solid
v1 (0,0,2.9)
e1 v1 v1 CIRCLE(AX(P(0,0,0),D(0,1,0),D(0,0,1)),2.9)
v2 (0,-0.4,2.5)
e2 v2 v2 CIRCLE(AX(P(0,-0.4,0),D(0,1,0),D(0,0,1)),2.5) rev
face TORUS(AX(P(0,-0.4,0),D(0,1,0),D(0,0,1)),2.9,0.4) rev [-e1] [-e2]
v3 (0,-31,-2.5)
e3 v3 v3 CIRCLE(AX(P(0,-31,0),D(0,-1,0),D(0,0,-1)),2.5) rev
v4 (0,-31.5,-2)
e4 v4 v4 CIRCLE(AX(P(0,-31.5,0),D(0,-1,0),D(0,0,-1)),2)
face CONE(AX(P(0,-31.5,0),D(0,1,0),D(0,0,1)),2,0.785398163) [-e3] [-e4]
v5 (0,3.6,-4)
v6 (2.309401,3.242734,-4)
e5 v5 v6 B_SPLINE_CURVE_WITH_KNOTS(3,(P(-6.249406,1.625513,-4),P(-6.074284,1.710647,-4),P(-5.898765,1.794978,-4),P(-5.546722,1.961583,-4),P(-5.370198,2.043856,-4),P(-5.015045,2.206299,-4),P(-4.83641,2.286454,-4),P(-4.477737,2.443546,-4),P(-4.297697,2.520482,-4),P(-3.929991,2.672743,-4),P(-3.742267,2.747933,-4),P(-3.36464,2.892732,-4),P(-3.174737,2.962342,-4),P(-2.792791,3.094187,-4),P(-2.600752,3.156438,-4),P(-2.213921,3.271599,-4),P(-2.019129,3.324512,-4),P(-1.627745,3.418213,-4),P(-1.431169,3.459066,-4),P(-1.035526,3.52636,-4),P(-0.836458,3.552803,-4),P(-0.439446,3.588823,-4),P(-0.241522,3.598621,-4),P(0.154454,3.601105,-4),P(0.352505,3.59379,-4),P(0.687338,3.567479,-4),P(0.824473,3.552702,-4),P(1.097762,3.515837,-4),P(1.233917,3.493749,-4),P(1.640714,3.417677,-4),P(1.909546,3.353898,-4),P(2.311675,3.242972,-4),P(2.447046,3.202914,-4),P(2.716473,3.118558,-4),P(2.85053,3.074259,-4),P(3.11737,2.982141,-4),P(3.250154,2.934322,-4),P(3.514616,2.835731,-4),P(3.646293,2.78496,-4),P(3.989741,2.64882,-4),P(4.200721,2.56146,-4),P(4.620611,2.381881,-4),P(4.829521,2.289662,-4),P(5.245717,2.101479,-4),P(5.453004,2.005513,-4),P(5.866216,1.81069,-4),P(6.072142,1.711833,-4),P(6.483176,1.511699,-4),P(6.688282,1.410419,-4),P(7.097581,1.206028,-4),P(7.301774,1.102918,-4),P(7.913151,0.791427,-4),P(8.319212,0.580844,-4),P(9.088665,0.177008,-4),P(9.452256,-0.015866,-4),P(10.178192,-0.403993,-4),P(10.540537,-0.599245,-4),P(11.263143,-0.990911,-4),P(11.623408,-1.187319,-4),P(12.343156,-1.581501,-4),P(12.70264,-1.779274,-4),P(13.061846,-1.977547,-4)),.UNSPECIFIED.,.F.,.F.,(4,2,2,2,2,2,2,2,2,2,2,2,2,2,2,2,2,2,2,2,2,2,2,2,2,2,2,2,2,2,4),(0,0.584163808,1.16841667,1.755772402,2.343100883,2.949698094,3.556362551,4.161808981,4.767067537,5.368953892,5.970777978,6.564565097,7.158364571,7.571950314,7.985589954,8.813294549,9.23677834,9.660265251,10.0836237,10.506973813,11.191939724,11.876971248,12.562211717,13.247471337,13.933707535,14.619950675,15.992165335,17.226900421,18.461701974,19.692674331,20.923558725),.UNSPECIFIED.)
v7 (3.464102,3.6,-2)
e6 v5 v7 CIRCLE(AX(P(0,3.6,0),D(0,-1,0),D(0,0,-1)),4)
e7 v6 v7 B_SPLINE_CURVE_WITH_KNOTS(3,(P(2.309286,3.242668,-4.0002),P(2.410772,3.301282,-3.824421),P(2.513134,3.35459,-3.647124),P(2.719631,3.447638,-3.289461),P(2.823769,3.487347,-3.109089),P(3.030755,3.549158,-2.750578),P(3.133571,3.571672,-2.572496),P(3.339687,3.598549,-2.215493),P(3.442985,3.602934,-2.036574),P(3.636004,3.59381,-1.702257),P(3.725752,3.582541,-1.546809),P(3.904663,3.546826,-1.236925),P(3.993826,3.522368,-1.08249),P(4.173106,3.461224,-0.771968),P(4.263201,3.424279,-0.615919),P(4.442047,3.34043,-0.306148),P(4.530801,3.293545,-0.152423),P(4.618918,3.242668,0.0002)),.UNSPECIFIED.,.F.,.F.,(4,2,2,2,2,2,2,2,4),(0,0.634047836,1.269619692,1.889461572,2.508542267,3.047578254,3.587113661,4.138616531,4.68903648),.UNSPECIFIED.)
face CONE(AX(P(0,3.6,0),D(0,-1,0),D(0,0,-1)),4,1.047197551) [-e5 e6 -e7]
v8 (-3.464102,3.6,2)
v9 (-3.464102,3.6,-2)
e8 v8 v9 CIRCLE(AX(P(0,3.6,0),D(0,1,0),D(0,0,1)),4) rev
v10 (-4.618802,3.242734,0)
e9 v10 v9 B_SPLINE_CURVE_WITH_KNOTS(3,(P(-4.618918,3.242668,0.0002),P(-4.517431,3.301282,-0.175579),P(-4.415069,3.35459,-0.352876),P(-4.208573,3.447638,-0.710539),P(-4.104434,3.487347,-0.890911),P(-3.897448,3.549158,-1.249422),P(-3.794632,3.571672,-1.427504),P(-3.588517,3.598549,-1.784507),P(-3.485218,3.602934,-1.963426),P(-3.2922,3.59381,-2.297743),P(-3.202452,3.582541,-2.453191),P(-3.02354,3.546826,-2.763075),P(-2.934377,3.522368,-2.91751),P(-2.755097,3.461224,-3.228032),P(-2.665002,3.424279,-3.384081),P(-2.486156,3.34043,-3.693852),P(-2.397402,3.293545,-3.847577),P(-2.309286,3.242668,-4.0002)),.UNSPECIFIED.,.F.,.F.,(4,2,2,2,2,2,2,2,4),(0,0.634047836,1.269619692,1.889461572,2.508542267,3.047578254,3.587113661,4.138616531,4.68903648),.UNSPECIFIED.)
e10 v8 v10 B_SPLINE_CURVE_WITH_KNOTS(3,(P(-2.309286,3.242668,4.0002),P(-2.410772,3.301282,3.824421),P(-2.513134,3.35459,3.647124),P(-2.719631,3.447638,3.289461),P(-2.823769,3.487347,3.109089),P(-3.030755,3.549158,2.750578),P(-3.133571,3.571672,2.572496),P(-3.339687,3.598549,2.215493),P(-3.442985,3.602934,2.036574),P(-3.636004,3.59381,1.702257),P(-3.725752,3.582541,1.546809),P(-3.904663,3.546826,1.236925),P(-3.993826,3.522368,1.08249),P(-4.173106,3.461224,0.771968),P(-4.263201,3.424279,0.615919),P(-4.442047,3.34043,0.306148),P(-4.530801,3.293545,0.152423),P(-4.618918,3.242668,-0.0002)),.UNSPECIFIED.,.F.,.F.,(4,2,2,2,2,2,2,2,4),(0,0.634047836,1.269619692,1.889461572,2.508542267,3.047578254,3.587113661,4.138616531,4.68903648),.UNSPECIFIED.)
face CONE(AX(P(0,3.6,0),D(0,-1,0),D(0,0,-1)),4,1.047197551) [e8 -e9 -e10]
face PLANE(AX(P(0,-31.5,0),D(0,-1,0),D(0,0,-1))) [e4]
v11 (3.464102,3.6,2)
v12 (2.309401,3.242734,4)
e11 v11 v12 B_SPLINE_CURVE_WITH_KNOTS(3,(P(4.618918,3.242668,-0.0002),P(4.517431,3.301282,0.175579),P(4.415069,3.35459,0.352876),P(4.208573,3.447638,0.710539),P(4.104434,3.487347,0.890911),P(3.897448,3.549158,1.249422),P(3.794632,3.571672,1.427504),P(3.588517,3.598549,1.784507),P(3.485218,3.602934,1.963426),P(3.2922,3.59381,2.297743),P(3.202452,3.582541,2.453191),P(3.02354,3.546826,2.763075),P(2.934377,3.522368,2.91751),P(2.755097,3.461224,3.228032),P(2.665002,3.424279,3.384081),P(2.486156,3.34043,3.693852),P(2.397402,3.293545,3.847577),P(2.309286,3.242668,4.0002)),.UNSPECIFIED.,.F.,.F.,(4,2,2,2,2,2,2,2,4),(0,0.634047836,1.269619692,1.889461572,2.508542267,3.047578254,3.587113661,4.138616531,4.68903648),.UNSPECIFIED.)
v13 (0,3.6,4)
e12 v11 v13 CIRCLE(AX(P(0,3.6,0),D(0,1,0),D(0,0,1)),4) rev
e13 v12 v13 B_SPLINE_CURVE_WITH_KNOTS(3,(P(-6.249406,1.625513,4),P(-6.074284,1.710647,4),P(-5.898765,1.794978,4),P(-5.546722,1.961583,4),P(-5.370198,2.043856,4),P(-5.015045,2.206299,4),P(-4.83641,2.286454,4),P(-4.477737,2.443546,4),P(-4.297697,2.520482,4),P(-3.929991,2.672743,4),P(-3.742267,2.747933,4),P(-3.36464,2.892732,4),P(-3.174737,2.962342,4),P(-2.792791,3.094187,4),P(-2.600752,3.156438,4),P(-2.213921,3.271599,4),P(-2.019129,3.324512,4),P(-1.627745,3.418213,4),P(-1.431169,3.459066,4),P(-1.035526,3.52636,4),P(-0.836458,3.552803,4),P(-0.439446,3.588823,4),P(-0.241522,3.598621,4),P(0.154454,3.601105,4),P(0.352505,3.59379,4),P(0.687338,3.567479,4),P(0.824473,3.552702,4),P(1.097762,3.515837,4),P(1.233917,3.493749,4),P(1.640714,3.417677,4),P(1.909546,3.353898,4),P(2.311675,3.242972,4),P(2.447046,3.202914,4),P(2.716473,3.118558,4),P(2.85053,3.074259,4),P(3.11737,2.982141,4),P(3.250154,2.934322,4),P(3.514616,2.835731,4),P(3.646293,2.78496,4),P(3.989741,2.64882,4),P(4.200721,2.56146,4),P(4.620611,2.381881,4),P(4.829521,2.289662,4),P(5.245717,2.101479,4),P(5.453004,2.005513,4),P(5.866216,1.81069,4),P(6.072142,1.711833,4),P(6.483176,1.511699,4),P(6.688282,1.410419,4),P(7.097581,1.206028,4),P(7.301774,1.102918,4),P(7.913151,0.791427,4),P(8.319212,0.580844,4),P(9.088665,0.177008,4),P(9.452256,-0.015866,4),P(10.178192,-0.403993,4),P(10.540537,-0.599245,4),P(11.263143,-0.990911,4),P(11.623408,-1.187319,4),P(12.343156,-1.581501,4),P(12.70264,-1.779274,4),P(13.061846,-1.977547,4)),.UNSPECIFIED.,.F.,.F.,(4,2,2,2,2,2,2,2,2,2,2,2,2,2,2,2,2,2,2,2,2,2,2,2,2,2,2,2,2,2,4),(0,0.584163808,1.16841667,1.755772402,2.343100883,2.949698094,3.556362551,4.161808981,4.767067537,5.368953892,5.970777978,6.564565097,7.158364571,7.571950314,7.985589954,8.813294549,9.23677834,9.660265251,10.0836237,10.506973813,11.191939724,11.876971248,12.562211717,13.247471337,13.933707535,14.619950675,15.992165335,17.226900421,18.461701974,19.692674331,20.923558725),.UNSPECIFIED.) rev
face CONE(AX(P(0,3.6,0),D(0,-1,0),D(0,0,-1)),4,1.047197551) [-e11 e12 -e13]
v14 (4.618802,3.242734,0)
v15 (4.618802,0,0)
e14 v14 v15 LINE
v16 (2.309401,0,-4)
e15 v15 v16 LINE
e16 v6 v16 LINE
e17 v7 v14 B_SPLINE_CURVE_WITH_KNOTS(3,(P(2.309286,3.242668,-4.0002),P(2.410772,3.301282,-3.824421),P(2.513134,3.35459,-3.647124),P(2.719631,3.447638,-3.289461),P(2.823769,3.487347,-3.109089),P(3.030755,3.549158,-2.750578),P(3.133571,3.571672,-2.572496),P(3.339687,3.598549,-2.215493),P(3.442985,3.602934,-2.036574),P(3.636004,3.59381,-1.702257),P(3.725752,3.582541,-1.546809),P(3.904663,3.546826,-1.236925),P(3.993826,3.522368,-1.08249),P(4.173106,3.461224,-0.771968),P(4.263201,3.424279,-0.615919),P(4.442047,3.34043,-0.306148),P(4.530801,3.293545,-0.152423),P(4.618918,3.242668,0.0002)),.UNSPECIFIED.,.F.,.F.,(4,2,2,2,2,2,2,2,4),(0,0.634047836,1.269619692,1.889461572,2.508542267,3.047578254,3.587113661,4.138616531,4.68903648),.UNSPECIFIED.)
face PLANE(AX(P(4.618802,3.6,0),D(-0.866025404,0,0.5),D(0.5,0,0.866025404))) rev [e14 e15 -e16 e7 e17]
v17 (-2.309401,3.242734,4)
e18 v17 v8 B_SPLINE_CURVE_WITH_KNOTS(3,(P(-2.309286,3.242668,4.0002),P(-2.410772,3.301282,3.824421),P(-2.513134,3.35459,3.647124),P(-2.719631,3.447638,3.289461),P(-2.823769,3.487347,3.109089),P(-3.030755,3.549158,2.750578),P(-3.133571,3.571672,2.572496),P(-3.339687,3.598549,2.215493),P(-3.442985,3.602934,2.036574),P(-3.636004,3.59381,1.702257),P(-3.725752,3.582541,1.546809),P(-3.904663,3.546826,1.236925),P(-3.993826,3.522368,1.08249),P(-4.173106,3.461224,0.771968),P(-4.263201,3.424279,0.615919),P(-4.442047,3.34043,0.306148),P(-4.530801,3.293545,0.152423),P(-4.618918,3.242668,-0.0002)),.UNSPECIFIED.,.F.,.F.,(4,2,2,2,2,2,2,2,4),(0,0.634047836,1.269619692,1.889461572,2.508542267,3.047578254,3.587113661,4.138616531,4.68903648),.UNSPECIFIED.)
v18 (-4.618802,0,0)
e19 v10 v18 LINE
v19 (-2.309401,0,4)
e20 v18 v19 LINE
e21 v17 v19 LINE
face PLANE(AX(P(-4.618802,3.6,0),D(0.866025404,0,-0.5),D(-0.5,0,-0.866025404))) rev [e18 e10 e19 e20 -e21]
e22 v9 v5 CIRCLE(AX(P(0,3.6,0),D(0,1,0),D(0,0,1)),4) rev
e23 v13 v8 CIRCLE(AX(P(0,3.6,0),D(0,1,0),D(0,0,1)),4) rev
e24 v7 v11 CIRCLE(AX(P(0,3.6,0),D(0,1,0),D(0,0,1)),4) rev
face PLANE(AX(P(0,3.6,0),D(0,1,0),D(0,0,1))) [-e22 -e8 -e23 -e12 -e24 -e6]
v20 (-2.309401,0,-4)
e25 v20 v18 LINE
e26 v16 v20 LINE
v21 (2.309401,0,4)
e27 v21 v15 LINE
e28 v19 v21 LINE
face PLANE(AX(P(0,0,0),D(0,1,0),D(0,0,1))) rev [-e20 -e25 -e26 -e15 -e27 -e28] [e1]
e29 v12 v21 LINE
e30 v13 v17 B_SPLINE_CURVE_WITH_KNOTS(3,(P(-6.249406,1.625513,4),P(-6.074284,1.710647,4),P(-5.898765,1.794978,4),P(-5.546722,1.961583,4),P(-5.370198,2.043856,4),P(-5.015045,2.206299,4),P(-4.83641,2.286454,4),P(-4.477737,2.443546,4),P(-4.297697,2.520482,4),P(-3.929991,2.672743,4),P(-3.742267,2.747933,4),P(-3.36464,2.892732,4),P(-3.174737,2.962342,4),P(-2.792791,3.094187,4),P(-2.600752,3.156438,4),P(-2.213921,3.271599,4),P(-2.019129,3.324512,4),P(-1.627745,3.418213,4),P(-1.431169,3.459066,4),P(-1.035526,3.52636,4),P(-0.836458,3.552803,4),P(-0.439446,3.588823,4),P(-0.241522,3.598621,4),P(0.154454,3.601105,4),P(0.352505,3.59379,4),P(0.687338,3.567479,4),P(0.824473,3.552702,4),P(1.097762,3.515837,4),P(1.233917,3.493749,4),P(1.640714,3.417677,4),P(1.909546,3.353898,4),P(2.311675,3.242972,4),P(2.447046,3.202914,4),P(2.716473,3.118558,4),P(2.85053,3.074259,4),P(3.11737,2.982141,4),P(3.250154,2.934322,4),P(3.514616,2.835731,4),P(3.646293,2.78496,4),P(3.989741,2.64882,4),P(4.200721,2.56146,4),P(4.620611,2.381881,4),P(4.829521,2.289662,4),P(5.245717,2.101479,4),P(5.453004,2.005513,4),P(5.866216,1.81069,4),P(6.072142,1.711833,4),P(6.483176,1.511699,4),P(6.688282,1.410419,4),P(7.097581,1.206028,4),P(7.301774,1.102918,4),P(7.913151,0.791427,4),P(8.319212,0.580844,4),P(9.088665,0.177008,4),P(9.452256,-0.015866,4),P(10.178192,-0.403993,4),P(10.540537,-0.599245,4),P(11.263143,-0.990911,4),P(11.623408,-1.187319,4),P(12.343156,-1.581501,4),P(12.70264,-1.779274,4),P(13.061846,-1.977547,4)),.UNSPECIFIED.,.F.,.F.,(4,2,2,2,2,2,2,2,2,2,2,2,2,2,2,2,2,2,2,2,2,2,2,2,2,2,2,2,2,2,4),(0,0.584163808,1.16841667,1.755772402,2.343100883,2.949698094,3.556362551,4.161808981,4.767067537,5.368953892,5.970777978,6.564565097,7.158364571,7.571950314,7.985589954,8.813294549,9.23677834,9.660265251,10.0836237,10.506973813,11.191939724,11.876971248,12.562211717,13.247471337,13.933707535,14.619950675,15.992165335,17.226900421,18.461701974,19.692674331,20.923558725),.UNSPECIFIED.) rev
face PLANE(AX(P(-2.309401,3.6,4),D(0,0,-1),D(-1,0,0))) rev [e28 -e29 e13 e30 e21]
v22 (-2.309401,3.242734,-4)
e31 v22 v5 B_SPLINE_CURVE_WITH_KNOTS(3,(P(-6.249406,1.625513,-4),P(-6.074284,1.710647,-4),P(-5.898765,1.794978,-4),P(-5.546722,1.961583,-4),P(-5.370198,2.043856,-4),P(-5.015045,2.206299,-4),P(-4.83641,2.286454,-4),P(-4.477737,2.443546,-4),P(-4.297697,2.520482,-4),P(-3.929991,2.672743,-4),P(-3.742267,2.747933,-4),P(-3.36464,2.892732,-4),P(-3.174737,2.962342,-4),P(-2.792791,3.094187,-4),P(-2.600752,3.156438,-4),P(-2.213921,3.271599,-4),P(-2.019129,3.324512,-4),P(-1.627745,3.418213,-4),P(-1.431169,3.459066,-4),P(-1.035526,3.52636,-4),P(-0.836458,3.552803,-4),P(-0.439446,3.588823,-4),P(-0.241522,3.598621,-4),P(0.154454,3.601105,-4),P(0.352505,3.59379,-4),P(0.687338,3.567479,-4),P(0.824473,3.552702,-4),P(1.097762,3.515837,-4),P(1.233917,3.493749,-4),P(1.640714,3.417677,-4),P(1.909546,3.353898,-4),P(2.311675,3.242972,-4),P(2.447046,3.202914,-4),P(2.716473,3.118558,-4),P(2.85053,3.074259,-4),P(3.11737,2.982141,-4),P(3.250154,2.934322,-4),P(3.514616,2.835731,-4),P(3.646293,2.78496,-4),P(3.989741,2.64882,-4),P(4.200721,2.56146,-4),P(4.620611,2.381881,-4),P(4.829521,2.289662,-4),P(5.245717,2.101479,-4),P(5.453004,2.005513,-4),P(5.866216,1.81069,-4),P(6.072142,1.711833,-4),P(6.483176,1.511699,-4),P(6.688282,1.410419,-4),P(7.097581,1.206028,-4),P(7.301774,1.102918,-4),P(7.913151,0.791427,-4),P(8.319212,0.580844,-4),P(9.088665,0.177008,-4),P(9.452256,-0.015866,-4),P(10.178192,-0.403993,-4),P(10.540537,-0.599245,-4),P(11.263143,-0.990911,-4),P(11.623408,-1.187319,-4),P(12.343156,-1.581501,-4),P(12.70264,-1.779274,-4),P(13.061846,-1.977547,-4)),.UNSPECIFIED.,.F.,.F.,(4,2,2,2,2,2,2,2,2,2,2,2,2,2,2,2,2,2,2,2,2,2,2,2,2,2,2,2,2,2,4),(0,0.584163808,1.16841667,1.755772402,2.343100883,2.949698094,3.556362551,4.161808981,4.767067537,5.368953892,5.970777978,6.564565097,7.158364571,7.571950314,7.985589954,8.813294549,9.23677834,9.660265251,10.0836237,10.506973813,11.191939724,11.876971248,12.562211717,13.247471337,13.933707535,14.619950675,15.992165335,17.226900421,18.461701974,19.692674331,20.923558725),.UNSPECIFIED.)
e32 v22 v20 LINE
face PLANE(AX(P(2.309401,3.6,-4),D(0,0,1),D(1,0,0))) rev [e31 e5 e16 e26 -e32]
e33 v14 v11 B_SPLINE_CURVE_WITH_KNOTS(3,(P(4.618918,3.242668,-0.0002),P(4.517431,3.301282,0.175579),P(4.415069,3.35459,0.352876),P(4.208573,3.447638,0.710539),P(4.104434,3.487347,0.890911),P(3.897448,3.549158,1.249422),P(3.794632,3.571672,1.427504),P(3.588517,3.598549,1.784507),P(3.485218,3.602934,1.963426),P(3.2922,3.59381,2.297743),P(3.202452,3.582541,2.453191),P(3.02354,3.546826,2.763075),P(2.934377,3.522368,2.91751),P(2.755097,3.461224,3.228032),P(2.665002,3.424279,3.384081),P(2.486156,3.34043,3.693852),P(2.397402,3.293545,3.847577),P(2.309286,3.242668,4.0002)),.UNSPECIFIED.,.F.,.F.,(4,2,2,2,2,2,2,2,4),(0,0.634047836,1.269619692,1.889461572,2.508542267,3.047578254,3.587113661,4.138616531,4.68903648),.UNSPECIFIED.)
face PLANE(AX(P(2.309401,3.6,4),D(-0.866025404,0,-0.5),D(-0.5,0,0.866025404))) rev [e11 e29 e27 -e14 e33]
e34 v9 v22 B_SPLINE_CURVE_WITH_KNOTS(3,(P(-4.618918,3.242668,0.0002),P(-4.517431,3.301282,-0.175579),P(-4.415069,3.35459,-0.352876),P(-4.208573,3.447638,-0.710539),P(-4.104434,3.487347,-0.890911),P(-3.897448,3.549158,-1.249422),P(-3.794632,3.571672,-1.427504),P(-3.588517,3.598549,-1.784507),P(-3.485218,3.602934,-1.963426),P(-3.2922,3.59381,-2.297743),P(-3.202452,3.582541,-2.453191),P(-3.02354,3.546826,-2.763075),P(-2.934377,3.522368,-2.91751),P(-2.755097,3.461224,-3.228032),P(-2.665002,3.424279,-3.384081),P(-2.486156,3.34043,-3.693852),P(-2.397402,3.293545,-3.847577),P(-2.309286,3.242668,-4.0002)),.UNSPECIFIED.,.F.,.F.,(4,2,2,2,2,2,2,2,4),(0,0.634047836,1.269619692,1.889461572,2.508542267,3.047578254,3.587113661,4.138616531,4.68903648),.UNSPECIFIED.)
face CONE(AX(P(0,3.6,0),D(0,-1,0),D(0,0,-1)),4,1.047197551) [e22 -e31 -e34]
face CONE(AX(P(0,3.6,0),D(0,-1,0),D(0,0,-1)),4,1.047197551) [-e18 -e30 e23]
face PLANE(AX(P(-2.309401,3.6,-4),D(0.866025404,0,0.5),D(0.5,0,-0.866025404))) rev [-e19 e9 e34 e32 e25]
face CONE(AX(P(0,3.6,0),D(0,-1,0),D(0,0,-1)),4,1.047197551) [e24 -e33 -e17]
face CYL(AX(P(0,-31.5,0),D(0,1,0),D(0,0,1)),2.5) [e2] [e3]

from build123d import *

# Parameters (mm, degrees)
BOSS_EXTRUDE1_DEPTH = 3.6
SKETCH3_R           = 2.5
BOSS_EXTRUDE2_DEPTH = 31.5
CHAMFER1_SIZE       = 0.5
FILLET1_R           = 0.4


with BuildPart() as part:
    # Sketch1 → Boss-Extrude1 (new body)
    with BuildSketch(Plane(origin=(0, 0, 0), x_dir=(1, 0, 0), z_dir=(0, 1, 0))):
        Polygon((-2.309401077, -4), (2.309401077, -4), (4.618802154, 0), (2.309401077, 4), (-2.309401077, 4), (-4.618802154, 0), align=None)
    extrude(amount=BOSS_EXTRUDE1_DEPTH)

    # Sketch2 → Cut-Revolve1 (revolve, cut)
    with BuildSketch(Plane(origin=(0, 0, 0), x_dir=(0, 0, -1), z_dir=(1, 0, 0))):
        Polygon((8.326224825, 1.102252933), (4, 3.6), (8.326224825, 3.6), align=None)
    revolve(axis=Axis((0, 0, 0), (0, 1, 0)), mode=Mode.SUBTRACT)

    # Sketch3 → Boss-Extrude2 (add)
    with BuildSketch(Plane.XZ):
        Circle(SKETCH3_R)
    extrude(amount=BOSS_EXTRUDE2_DEPTH)

    # Chamfer1
    chamfer1_edges = [part.edges().sort_by_distance(p)[0] for p in [
        (-2.5, -31.5, 0),
    ]]
    chamfer(chamfer1_edges, length=CHAMFER1_SIZE)

    # Fillet1
    fillet1_edges = [part.edges().sort_by_distance(p)[0] for p in [
        (-2.5, 0, 0),
    ]]
    fillet(fillet1_edges, radius=FILLET1_R)


solid = part.part
